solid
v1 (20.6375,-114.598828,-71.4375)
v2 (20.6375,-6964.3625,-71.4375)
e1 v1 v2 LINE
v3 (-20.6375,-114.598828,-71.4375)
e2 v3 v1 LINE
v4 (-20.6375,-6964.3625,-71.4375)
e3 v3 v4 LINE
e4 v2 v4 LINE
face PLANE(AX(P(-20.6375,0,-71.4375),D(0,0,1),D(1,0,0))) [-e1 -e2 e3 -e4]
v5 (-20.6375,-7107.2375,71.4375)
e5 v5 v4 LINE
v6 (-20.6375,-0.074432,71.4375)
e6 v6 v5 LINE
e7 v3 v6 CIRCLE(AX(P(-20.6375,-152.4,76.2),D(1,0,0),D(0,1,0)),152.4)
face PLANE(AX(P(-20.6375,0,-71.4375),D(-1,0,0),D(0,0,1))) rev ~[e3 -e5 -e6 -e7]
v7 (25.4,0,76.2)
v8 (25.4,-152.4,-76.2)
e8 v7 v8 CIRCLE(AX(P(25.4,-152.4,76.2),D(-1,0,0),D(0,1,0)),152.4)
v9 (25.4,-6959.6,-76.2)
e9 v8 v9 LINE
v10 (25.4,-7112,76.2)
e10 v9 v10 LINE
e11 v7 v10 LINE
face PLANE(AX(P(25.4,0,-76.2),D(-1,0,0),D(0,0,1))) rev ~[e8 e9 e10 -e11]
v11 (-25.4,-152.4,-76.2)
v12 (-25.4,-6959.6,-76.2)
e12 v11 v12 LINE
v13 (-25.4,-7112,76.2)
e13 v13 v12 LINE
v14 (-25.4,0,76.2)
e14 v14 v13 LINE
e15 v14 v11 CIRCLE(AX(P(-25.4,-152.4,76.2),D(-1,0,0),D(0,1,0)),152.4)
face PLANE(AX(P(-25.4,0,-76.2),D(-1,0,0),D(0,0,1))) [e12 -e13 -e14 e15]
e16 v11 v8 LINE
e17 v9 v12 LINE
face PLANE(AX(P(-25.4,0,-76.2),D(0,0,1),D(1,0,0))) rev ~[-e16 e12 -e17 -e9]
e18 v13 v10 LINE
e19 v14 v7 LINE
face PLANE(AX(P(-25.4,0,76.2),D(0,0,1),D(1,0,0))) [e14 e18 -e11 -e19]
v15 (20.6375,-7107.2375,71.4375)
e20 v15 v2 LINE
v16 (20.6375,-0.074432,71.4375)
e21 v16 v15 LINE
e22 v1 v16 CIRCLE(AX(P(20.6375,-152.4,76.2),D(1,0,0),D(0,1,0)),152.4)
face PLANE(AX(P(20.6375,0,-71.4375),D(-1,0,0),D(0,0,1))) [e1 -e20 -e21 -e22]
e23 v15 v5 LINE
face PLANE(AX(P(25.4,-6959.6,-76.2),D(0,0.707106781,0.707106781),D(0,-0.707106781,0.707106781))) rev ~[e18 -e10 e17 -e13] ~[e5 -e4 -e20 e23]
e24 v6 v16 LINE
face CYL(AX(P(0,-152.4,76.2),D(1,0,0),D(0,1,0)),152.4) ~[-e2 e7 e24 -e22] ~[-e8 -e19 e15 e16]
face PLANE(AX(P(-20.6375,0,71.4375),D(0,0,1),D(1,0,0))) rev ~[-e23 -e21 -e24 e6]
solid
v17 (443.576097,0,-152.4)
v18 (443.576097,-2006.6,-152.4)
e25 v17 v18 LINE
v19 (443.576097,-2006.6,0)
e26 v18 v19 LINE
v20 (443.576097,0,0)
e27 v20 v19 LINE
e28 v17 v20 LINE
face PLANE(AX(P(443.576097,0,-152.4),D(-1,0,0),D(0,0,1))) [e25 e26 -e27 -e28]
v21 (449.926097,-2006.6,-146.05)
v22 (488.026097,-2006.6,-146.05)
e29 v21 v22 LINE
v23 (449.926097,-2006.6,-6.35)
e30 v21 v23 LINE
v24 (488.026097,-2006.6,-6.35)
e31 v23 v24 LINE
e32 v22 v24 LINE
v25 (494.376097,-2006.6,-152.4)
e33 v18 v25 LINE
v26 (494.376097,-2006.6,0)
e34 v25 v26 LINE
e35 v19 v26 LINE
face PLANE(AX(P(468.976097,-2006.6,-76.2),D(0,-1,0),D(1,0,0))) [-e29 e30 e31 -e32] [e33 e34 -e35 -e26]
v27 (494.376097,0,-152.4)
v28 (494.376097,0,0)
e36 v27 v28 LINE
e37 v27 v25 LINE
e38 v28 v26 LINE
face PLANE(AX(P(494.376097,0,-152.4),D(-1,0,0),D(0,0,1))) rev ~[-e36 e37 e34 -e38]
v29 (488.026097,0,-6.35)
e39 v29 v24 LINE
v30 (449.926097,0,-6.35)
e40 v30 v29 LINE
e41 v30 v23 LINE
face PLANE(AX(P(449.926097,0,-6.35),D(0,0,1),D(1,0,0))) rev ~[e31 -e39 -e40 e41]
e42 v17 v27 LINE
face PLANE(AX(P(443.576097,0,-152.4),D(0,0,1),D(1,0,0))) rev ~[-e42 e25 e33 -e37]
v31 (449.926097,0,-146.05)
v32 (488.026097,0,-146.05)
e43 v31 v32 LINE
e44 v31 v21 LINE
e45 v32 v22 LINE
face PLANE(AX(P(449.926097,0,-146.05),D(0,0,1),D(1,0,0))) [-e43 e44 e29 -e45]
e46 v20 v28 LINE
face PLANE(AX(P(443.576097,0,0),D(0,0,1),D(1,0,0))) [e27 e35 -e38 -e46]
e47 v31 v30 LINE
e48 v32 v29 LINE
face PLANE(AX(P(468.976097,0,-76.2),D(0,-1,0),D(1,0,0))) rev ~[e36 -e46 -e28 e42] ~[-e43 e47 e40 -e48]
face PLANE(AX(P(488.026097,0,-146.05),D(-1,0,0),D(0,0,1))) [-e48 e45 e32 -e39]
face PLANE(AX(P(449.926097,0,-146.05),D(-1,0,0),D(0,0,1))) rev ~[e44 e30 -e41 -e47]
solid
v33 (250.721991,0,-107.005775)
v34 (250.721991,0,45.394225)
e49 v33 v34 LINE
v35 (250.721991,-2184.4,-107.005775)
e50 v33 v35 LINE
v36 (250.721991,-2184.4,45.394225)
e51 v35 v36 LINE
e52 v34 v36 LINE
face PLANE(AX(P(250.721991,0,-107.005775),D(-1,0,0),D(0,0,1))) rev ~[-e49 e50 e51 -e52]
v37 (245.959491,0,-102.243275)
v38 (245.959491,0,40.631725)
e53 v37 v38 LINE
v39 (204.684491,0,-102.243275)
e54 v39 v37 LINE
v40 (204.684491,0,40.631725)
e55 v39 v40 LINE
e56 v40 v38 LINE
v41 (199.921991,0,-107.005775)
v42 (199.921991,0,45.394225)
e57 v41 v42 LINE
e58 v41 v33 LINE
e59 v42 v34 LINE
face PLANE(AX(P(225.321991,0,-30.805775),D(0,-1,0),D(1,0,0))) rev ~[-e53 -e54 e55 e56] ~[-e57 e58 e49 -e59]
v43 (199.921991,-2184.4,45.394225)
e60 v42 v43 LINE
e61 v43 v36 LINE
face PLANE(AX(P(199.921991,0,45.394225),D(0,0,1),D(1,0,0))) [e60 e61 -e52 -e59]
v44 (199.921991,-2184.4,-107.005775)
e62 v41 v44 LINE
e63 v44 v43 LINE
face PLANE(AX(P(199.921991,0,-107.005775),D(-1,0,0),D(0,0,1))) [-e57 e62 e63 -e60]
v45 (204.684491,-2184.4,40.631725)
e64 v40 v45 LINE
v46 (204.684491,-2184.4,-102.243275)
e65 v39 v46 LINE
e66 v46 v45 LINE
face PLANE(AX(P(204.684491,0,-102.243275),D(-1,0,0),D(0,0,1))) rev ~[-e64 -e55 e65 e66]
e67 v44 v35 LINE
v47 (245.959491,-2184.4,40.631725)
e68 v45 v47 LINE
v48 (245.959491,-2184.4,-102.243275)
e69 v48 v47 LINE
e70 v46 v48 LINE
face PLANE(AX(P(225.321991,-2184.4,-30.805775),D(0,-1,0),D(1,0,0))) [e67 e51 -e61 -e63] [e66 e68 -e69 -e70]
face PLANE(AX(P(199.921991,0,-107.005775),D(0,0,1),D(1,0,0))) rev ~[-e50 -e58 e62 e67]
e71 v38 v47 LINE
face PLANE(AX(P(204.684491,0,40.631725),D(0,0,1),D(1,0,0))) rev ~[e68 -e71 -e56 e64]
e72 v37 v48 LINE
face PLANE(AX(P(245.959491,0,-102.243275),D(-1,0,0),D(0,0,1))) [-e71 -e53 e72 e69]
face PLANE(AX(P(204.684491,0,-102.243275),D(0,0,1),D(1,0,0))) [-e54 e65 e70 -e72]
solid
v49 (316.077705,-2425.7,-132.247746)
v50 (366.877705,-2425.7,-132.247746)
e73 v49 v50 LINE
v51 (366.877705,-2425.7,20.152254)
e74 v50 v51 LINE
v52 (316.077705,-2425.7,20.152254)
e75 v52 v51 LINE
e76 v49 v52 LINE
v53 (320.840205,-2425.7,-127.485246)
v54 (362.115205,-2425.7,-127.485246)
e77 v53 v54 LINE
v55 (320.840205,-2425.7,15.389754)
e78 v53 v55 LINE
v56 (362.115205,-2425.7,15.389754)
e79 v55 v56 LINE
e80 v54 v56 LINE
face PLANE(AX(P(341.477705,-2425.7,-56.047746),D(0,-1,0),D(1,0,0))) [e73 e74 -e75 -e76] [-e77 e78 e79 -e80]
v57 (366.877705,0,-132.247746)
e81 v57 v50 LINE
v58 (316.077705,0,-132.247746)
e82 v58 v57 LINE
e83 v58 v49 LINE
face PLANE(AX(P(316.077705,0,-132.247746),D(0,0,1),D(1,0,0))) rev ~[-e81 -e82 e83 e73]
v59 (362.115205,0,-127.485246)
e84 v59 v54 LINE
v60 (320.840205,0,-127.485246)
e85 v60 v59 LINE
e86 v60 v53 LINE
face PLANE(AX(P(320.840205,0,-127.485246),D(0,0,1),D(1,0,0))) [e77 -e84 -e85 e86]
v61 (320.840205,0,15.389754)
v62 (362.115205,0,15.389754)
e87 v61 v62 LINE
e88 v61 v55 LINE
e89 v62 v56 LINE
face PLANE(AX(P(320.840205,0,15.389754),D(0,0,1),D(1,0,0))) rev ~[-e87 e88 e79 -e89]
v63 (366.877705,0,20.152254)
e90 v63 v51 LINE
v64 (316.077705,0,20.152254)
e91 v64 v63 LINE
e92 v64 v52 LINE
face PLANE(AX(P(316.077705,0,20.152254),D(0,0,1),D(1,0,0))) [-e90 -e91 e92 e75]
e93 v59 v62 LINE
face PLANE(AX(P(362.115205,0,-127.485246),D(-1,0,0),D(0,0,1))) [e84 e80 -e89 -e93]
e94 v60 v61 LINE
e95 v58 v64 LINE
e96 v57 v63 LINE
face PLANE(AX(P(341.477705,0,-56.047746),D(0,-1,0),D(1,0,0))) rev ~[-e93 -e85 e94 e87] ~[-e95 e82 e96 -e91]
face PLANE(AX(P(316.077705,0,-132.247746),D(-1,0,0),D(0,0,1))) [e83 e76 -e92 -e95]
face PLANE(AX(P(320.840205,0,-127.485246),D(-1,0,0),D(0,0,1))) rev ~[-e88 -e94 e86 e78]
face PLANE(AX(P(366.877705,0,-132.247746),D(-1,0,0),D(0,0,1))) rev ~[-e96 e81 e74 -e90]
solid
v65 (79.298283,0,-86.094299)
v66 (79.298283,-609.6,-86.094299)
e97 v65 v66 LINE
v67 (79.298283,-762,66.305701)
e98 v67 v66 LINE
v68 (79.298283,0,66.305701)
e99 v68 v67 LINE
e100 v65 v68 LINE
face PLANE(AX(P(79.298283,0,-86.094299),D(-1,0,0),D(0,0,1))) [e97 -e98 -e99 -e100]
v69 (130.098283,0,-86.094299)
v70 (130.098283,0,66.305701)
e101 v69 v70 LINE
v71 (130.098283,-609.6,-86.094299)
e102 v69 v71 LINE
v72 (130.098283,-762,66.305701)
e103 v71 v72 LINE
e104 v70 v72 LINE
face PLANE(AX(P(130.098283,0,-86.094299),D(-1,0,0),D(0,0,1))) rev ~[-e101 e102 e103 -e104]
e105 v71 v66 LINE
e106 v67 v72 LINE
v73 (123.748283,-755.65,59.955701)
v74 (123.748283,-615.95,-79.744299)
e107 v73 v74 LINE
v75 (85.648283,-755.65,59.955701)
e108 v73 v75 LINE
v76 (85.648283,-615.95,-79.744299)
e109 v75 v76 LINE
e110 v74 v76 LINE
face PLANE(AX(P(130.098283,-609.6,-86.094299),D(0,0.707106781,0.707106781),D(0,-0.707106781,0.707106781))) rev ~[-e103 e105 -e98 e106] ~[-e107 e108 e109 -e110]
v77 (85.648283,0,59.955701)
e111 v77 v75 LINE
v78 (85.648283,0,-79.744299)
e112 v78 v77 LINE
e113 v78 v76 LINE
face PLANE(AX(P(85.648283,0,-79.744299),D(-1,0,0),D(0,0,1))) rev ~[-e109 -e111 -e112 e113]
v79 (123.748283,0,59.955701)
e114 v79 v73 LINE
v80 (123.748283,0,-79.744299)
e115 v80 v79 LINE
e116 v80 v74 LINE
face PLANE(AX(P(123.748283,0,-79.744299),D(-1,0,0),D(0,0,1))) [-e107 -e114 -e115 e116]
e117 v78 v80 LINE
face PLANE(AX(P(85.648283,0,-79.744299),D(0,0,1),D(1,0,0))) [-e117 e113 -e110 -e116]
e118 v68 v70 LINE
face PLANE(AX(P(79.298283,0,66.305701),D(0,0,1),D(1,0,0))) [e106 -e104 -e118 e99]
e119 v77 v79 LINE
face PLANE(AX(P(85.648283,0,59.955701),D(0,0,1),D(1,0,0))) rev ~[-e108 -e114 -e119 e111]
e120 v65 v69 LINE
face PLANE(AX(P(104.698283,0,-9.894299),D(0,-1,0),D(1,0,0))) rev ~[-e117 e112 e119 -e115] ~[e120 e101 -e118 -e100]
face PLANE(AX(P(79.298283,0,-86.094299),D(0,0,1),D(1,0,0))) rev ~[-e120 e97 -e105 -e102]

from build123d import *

# Parameters (mm, degrees)
F0_W      = 50.8
F0_H      = 152.4
F0_W_2    = 41.275
F0_H_2    = 142.875
F1_DEPTH  = 7112
F2_W      = 50.8
F2_H      = 210.6431499124
F3_ANGLE  = 90
F5_DEPTH  = 50.801
F6_W      = 50.8
F6_H      = 152.4
F6_W_2    = 38.1
F6_H_2    = 139.7
F7_DEPTH  = 762
F9_DEPTH  = 155.4992832909
F10_W     = 50.8
F10_H     = 152.4
F10_W_2   = 41.275
F10_H_2   = 142.875
F11_DEPTH = 2184.4
F12_W     = 50.8
F12_H     = 152.4
F12_W_2   = 41.275
F12_H_2   = 142.875
F13_DEPTH = 2425.7
F14_W     = 50.8
F14_H     = 152.4
F14_W_2   = 38.1
F14_H_2   = 139.7
F15_DEPTH = 2006.6


with BuildPart() as f1:
    # F0 (on Front) → F1 (new body)
    with BuildSketch(Plane.XZ):
        Rectangle(F0_W, F0_H)
        Rectangle(F0_W_2, F0_H_2, mode=Mode.SUBTRACT)
    extrude(amount=F1_DEPTH)

    # F2 (on face) → F3 (revolve, cut)
    with BuildSketch(Plane.XY.offset(76.2)):
        with Locations((0, 105.3215749562)):
            Rectangle(F2_W, F2_H)
    revolve(axis=Axis((0, -152.4, 76.2), (-1, 0, 0)), revolution_arc=F3_ANGLE, mode=Mode.SUBTRACT)

    # F4 (on face) → F5 (cut, through all)
    with BuildSketch(Plane.YZ.offset(25.4)):
        Polygon((-6959.6, -76.2), (-7112, 76.2), (-7112, -76.2), align=None)
    extrude(amount=-F5_DEPTH, mode=Mode.SUBTRACT)


with BuildPart() as f7:
    # F6 (on Front) → F7 (new body)
    with BuildSketch(Plane.XZ):
        with Locations((104.6982832909, -9.8942993313)):
            Rectangle(F6_W, F6_H)
        with Locations((104.6982832909, -9.8942993313)):
            Rectangle(F6_W_2, F6_H_2, mode=Mode.SUBTRACT)
    extrude(amount=F7_DEPTH)

    # F8 (on face) → F9 (cut, through all)
    with BuildSketch(Plane.YZ.offset(130.0982832909)):
        Polygon((-609.6, -86.0942993313), (-762, 66.3057006687), (-762, -86.0942993313), align=None)
    extrude(amount=-F9_DEPTH, mode=Mode.SUBTRACT)


with BuildPart() as f11:
    # F10 (on Front) → F11 (new body)
    with BuildSketch(Plane.XZ):
        with Locations((225.3219910622, -30.8057749748)):
            Rectangle(F10_W, F10_H)
        with Locations((225.3219910622, -30.8057749748)):
            Rectangle(F10_W_2, F10_H_2, mode=Mode.SUBTRACT)
    extrude(amount=F11_DEPTH)


with BuildPart() as f13:
    # F12 (on Front) → F13 (new body)
    with BuildSketch(Plane.XZ):
        with Locations((341.4777048588, -56.0477459908)):
            Rectangle(F12_W, F12_H)
        with Locations((341.4777048588, -56.0477459908)):
            Rectangle(F12_W_2, F12_H_2, mode=Mode.SUBTRACT)
    extrude(amount=F13_DEPTH)


with BuildPart() as f15:
    # F14 (on Front) → F15 (new body)
    with BuildSketch(Plane.XZ):
        with Locations((468.9760974884, -76.2)):
            Rectangle(F14_W, F14_H)
        with Locations((468.9760974884, -76.2)):
            Rectangle(F14_W_2, F14_H_2, mode=Mode.SUBTRACT)
    extrude(amount=F15_DEPTH)


solid = Compound([f1.part, f7.part, f11.part, f13.part, f15.part])
